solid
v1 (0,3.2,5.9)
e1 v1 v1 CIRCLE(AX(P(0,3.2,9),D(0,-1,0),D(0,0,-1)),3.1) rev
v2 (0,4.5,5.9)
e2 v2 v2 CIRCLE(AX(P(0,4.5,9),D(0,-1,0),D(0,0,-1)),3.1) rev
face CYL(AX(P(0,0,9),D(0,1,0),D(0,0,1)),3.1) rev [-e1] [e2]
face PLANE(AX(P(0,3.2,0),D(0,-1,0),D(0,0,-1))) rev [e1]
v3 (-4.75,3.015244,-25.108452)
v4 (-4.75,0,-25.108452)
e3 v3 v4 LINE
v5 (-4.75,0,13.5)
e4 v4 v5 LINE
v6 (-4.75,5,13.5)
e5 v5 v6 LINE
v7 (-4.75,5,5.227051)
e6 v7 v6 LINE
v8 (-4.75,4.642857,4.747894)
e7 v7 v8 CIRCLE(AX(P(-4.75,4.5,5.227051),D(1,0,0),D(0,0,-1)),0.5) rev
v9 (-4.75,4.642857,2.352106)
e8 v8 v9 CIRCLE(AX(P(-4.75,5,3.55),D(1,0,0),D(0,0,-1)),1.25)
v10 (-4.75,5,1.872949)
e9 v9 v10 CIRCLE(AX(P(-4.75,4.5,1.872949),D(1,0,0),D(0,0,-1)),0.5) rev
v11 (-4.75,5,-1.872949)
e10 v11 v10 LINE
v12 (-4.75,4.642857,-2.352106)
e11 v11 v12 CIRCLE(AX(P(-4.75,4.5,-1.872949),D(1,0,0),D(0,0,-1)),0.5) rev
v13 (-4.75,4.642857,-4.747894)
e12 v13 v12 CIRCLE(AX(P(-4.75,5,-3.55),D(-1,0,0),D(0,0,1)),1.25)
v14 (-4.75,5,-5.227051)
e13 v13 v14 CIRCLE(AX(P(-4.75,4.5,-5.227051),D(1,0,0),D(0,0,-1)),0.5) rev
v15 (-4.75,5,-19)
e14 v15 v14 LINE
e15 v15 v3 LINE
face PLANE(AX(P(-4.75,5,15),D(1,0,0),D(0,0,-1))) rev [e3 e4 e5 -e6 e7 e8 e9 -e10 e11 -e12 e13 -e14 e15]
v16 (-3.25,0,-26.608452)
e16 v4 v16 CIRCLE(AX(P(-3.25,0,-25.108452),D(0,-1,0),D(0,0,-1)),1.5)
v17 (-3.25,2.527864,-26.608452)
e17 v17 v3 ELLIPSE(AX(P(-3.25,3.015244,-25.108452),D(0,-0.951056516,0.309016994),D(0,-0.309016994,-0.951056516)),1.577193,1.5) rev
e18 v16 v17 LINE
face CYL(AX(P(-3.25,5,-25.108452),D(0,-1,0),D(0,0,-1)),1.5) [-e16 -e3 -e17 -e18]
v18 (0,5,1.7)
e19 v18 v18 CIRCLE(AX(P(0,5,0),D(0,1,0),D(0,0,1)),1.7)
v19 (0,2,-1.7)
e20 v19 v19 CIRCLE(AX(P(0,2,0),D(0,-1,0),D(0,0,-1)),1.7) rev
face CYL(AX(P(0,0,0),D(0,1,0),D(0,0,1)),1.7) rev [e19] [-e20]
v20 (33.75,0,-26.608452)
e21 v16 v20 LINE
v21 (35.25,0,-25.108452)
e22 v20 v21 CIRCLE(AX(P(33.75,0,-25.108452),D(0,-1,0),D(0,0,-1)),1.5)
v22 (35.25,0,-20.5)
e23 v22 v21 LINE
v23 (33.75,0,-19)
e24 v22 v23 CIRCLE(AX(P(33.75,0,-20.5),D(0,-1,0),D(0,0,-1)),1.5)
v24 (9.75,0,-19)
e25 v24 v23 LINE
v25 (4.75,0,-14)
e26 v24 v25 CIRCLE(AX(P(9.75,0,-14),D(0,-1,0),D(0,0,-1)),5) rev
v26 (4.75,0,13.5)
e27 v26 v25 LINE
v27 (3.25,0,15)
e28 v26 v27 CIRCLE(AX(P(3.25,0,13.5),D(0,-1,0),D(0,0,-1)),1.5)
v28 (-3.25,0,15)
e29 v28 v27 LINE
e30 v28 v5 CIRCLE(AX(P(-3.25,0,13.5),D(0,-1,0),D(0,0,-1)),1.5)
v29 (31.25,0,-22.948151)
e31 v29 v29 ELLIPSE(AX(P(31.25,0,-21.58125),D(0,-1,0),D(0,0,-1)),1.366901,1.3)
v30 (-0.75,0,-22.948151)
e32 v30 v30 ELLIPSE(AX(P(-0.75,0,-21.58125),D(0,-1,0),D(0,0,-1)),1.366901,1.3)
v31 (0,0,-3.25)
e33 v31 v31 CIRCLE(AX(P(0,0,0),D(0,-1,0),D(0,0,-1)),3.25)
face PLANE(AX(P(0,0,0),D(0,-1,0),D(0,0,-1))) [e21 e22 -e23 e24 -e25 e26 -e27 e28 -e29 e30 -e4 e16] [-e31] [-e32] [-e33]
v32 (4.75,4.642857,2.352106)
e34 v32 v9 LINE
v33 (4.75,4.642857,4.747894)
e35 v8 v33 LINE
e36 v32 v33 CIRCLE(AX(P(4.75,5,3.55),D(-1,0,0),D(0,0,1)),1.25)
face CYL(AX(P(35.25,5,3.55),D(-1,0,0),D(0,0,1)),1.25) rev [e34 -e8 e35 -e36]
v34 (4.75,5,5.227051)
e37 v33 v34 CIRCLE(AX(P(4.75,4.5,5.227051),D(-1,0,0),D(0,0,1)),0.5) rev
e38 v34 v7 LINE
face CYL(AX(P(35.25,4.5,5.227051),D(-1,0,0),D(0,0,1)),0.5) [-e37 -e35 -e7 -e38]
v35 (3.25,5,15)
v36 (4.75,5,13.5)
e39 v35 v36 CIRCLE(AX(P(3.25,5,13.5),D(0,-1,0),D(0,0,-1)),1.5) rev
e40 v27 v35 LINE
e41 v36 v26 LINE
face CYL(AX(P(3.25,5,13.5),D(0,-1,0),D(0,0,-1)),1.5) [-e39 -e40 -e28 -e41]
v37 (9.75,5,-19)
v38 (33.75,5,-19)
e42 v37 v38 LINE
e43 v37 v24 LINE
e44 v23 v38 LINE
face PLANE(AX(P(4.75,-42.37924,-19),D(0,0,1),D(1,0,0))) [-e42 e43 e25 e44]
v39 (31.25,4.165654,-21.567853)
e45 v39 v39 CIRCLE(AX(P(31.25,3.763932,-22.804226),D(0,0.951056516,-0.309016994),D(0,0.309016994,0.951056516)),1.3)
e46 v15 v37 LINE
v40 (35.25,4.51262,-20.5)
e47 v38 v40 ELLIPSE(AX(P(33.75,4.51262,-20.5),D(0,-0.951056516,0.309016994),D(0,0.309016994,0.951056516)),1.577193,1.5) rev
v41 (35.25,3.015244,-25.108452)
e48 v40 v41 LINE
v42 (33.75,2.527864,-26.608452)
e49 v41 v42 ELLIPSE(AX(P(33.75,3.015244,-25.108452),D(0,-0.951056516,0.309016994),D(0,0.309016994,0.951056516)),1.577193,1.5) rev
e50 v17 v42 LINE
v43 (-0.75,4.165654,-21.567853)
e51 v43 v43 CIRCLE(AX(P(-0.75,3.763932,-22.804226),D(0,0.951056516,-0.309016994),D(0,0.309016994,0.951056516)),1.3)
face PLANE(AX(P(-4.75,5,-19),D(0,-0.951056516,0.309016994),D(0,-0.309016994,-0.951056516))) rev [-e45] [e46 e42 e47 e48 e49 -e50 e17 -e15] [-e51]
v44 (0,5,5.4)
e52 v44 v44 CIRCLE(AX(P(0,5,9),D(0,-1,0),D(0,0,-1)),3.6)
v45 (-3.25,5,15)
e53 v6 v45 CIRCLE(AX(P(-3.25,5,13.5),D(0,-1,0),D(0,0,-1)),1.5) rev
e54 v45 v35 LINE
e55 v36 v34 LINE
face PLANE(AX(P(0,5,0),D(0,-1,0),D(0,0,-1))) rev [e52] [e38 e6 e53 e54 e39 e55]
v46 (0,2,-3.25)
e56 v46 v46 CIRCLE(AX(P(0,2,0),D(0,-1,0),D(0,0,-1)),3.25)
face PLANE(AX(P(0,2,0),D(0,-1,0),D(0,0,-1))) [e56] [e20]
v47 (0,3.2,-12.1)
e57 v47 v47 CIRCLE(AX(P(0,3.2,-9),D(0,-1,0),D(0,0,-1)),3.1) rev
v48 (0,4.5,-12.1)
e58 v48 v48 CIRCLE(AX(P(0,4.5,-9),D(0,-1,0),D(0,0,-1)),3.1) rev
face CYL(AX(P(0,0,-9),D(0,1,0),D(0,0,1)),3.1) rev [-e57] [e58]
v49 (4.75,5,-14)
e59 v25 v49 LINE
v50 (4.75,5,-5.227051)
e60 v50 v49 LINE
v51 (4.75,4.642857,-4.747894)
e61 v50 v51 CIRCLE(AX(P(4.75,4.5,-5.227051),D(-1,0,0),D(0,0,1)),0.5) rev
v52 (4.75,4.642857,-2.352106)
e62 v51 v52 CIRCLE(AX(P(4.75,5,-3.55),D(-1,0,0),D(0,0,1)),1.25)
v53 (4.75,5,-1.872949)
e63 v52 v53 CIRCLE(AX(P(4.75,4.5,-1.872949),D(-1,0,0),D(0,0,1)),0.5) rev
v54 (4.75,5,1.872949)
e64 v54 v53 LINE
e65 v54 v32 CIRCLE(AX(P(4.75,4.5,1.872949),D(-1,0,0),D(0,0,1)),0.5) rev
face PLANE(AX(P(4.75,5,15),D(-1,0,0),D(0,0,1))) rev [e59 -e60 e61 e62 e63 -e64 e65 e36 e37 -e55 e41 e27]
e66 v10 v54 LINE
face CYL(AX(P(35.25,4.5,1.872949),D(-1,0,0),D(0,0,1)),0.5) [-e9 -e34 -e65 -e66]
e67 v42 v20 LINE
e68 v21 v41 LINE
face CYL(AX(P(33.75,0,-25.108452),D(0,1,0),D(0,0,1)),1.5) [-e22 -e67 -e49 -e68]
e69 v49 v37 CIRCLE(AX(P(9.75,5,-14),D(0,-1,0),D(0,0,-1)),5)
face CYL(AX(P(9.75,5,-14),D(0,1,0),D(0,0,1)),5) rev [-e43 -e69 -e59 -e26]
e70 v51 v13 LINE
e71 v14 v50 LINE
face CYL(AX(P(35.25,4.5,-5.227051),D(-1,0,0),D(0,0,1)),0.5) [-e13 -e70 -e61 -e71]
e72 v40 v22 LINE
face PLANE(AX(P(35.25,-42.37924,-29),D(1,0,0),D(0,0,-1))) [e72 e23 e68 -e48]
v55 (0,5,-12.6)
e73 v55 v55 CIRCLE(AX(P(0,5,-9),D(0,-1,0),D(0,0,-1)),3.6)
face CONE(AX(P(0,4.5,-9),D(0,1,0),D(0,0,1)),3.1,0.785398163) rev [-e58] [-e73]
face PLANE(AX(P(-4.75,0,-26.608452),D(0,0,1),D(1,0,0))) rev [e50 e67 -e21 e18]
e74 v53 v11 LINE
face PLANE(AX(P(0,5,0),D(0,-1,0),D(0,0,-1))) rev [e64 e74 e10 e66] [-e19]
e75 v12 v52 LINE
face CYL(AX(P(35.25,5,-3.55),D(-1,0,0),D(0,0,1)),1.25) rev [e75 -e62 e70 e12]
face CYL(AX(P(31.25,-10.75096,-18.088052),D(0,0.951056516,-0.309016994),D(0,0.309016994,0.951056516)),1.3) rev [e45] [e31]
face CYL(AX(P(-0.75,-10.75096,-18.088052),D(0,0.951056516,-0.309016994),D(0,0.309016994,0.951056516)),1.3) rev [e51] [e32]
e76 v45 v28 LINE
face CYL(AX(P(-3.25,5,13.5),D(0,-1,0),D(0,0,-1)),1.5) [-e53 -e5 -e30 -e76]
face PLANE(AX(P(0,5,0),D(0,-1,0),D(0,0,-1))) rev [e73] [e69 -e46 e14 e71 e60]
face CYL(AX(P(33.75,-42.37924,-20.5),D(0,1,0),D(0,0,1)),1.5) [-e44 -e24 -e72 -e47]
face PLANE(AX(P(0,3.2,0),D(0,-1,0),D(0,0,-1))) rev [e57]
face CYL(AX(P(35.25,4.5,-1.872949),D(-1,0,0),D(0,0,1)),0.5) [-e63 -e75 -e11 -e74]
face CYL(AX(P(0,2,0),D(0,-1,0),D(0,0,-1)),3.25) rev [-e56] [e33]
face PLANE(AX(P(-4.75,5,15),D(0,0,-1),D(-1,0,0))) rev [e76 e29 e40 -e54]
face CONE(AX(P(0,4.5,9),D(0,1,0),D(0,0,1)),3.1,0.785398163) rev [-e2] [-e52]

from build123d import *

# Parameters (mm, degrees)
SKETCH1_W           = 9.5
SKETCH1_H           = 30
BOSS_EXTRUDE1_DEPTH = 5
SKETCH2_R           = 3.1
SKETCH2_R_2         = 1.7
CUT_EXTRUDE1_DEPTH  = 17.509466981
BOSS_EXTRUDE3_START = -3.2
SKETCH8_R           = 3.1
BOSS_EXTRUDE3_DEPTH = 3.2
CHAMFER1_SIZE       = 0.5
BOSS_EXTRUDE2_DEPTH = 5
CUT_EXTRUDE2_DEPTH  = 50.658836072
SKETCH6_R           = 1.3
CUT_EXTRUDE3_DEPTH  = 45.788689937
SKETCH9_W           = 2.39154787
SKETCH9_H           = 2.527864045
CUT_EXTRUDE4_DEPTH  = 50.658836072
FILLET2_R           = 1.5
FILLET1_R           = 5
SKETCH10_R          = 3.25
CUT_EXTRUDE5_DEPTH  = 2
SKETCH13_R          = 1.25
CUT_EXTRUDE6_DEPTH  = 49.301239371
FILLET3_R           = 0.5


with BuildPart() as part:
    # Sketch1 → Boss-Extrude1 (new body)
    with BuildSketch(Plane(origin=(0, 0, 0), x_dir=(1, 0, 0), z_dir=(0, 1, 0))):
        Rectangle(SKETCH1_W, SKETCH1_H)
    extrude(amount=BOSS_EXTRUDE1_DEPTH)

    # Sketch2 → Cut-Extrude1 (cut, through all)
    with BuildSketch(Plane(origin=(0, 5, 0), x_dir=(1, 0, 0), z_dir=(0, 1, 0))):
        with Locations(Location((0, 9, 0), (0, 0, 270))):
            Circle(SKETCH2_R)
        with Locations(Location((0, 0, 0), (0, 0, 270))):
            Circle(SKETCH2_R_2)
        with Locations(Location((0, -9, 0), (0, 0, 270))):
            Circle(SKETCH2_R)
    extrude(amount=-CUT_EXTRUDE1_DEPTH, mode=Mode.SUBTRACT)

    # Sketch8 → Boss-Extrude3 (add)
    with BuildSketch(Plane.XZ.offset(BOSS_EXTRUDE3_START)):
        with Locations(Location((0, 9, 0), (0, 0, 90))):
            Circle(SKETCH8_R)
        with Locations(Location((0, -9, 0), (0, 0, 90))):
            Circle(SKETCH8_R)
    extrude(amount=BOSS_EXTRUDE3_DEPTH)

    # Chamfer1
    chamfer1_edges = [part.edges().sort_by_distance(p)[0] for p in [
        (0, 5, -12.1),
        (0, 5, 5.9),
    ]]
    chamfer(chamfer1_edges, length=CHAMFER1_SIZE)

    # Sketch3 → Boss-Extrude2 (add)
    with BuildSketch(Plane(origin=(0, 5, 0), x_dir=(1, 0, 0), z_dir=(0, 1, 0))):
        Polygon((-4.75, 15), (-4.75, 19), (-4.75, 29), (35.25, 29), (35.25, 19), (4.75, 19), (4.75, 15), align=None)
    extrude(amount=-BOSS_EXTRUDE2_DEPTH)

    # Sketch5 → Cut-Extrude2 (cut, through all)
    with BuildSketch(Plane(origin=(35.25, 0, 0), x_dir=(0, 0, -1), z_dir=(1, 0, 0))):
        Polygon((19, 5), (29, 1.750803038), (29, 5), align=None)
    extrude(amount=-CUT_EXTRUDE2_DEPTH, mode=Mode.SUBTRACT)

    # Sketch6 → Cut-Extrude3 (cut, through all)
    with BuildSketch(Plane(origin=(0, 10.106502383, -3.283801684), x_dir=(1, 0, 0), z_dir=(0, 0.9510565162951556, -0.30901699437494123))):
        with Locations(Location((-0.75, 20.524988838, 0), (0, 0, 270))):
            Circle(SKETCH6_R)
        with Locations(Location((31.25, 20.524988838, 0), (0, 0, 270))):
            Circle(SKETCH6_R)
    extrude(amount=-CUT_EXTRUDE3_DEPTH, mode=Mode.SUBTRACT)

    # Sketch9 → Cut-Extrude4 (cut, through all)
    with BuildSketch(Plane(origin=(35.25, 0, 0), x_dir=(0, 0, -1), z_dir=(1, 0, 0))):
        with Locations((27.804226065, 1.263932023)):
            Rectangle(SKETCH9_W, SKETCH9_H)
    extrude(amount=-CUT_EXTRUDE4_DEPTH, mode=Mode.SUBTRACT)

    # Fillet2
    fillet2_edges = [part.edges().sort_by_distance(p)[0] for p in [
        (35.25, 2.5, -19),
        (4.75, 2.5, 15),
        (-4.75, 2.5, 15),
        (35.25, 1.263932023, -26.60845213),
        (-4.75, 1.263932023, -26.60845213),
    ]]
    fillet(fillet2_edges, radius=FILLET2_R)

    # Fillet1
    fillet1_edges = [part.edges().sort_by_distance(p)[0] for p in [
        (4.75, 2.5, -19),
    ]]
    fillet(fillet1_edges, radius=FILLET1_R)

    # Sketch10 → Cut-Extrude5 (cut)
    with BuildSketch(Plane.XZ):
        with Locations(Location((0, 0, 0), (0, 0, 270))):
            Circle(SKETCH10_R)
    extrude(amount=-CUT_EXTRUDE5_DEPTH, mode=Mode.SUBTRACT)

    # Sketch13 → Cut-Extrude6 (cut, through all)
    with BuildSketch(Plane.ZY.offset(4.75)):
        with Locations((-3.55, 5)):
            Circle(SKETCH13_R)
        with Locations((3.55, 5)):
            Circle(SKETCH13_R)
    extrude(amount=-CUT_EXTRUDE6_DEPTH, mode=Mode.SUBTRACT)

    # Fillet3
    fillet3_edges = [part.edges().sort_by_distance(p)[0] for p in [
        (0, 5, -4.8),
        (0, 5, -2.3),
        (0, 5, 4.8),
        (0, 5, 2.3),
    ]]
    fillet(fillet3_edges, radius=FILLET3_R)


solid = part.part
